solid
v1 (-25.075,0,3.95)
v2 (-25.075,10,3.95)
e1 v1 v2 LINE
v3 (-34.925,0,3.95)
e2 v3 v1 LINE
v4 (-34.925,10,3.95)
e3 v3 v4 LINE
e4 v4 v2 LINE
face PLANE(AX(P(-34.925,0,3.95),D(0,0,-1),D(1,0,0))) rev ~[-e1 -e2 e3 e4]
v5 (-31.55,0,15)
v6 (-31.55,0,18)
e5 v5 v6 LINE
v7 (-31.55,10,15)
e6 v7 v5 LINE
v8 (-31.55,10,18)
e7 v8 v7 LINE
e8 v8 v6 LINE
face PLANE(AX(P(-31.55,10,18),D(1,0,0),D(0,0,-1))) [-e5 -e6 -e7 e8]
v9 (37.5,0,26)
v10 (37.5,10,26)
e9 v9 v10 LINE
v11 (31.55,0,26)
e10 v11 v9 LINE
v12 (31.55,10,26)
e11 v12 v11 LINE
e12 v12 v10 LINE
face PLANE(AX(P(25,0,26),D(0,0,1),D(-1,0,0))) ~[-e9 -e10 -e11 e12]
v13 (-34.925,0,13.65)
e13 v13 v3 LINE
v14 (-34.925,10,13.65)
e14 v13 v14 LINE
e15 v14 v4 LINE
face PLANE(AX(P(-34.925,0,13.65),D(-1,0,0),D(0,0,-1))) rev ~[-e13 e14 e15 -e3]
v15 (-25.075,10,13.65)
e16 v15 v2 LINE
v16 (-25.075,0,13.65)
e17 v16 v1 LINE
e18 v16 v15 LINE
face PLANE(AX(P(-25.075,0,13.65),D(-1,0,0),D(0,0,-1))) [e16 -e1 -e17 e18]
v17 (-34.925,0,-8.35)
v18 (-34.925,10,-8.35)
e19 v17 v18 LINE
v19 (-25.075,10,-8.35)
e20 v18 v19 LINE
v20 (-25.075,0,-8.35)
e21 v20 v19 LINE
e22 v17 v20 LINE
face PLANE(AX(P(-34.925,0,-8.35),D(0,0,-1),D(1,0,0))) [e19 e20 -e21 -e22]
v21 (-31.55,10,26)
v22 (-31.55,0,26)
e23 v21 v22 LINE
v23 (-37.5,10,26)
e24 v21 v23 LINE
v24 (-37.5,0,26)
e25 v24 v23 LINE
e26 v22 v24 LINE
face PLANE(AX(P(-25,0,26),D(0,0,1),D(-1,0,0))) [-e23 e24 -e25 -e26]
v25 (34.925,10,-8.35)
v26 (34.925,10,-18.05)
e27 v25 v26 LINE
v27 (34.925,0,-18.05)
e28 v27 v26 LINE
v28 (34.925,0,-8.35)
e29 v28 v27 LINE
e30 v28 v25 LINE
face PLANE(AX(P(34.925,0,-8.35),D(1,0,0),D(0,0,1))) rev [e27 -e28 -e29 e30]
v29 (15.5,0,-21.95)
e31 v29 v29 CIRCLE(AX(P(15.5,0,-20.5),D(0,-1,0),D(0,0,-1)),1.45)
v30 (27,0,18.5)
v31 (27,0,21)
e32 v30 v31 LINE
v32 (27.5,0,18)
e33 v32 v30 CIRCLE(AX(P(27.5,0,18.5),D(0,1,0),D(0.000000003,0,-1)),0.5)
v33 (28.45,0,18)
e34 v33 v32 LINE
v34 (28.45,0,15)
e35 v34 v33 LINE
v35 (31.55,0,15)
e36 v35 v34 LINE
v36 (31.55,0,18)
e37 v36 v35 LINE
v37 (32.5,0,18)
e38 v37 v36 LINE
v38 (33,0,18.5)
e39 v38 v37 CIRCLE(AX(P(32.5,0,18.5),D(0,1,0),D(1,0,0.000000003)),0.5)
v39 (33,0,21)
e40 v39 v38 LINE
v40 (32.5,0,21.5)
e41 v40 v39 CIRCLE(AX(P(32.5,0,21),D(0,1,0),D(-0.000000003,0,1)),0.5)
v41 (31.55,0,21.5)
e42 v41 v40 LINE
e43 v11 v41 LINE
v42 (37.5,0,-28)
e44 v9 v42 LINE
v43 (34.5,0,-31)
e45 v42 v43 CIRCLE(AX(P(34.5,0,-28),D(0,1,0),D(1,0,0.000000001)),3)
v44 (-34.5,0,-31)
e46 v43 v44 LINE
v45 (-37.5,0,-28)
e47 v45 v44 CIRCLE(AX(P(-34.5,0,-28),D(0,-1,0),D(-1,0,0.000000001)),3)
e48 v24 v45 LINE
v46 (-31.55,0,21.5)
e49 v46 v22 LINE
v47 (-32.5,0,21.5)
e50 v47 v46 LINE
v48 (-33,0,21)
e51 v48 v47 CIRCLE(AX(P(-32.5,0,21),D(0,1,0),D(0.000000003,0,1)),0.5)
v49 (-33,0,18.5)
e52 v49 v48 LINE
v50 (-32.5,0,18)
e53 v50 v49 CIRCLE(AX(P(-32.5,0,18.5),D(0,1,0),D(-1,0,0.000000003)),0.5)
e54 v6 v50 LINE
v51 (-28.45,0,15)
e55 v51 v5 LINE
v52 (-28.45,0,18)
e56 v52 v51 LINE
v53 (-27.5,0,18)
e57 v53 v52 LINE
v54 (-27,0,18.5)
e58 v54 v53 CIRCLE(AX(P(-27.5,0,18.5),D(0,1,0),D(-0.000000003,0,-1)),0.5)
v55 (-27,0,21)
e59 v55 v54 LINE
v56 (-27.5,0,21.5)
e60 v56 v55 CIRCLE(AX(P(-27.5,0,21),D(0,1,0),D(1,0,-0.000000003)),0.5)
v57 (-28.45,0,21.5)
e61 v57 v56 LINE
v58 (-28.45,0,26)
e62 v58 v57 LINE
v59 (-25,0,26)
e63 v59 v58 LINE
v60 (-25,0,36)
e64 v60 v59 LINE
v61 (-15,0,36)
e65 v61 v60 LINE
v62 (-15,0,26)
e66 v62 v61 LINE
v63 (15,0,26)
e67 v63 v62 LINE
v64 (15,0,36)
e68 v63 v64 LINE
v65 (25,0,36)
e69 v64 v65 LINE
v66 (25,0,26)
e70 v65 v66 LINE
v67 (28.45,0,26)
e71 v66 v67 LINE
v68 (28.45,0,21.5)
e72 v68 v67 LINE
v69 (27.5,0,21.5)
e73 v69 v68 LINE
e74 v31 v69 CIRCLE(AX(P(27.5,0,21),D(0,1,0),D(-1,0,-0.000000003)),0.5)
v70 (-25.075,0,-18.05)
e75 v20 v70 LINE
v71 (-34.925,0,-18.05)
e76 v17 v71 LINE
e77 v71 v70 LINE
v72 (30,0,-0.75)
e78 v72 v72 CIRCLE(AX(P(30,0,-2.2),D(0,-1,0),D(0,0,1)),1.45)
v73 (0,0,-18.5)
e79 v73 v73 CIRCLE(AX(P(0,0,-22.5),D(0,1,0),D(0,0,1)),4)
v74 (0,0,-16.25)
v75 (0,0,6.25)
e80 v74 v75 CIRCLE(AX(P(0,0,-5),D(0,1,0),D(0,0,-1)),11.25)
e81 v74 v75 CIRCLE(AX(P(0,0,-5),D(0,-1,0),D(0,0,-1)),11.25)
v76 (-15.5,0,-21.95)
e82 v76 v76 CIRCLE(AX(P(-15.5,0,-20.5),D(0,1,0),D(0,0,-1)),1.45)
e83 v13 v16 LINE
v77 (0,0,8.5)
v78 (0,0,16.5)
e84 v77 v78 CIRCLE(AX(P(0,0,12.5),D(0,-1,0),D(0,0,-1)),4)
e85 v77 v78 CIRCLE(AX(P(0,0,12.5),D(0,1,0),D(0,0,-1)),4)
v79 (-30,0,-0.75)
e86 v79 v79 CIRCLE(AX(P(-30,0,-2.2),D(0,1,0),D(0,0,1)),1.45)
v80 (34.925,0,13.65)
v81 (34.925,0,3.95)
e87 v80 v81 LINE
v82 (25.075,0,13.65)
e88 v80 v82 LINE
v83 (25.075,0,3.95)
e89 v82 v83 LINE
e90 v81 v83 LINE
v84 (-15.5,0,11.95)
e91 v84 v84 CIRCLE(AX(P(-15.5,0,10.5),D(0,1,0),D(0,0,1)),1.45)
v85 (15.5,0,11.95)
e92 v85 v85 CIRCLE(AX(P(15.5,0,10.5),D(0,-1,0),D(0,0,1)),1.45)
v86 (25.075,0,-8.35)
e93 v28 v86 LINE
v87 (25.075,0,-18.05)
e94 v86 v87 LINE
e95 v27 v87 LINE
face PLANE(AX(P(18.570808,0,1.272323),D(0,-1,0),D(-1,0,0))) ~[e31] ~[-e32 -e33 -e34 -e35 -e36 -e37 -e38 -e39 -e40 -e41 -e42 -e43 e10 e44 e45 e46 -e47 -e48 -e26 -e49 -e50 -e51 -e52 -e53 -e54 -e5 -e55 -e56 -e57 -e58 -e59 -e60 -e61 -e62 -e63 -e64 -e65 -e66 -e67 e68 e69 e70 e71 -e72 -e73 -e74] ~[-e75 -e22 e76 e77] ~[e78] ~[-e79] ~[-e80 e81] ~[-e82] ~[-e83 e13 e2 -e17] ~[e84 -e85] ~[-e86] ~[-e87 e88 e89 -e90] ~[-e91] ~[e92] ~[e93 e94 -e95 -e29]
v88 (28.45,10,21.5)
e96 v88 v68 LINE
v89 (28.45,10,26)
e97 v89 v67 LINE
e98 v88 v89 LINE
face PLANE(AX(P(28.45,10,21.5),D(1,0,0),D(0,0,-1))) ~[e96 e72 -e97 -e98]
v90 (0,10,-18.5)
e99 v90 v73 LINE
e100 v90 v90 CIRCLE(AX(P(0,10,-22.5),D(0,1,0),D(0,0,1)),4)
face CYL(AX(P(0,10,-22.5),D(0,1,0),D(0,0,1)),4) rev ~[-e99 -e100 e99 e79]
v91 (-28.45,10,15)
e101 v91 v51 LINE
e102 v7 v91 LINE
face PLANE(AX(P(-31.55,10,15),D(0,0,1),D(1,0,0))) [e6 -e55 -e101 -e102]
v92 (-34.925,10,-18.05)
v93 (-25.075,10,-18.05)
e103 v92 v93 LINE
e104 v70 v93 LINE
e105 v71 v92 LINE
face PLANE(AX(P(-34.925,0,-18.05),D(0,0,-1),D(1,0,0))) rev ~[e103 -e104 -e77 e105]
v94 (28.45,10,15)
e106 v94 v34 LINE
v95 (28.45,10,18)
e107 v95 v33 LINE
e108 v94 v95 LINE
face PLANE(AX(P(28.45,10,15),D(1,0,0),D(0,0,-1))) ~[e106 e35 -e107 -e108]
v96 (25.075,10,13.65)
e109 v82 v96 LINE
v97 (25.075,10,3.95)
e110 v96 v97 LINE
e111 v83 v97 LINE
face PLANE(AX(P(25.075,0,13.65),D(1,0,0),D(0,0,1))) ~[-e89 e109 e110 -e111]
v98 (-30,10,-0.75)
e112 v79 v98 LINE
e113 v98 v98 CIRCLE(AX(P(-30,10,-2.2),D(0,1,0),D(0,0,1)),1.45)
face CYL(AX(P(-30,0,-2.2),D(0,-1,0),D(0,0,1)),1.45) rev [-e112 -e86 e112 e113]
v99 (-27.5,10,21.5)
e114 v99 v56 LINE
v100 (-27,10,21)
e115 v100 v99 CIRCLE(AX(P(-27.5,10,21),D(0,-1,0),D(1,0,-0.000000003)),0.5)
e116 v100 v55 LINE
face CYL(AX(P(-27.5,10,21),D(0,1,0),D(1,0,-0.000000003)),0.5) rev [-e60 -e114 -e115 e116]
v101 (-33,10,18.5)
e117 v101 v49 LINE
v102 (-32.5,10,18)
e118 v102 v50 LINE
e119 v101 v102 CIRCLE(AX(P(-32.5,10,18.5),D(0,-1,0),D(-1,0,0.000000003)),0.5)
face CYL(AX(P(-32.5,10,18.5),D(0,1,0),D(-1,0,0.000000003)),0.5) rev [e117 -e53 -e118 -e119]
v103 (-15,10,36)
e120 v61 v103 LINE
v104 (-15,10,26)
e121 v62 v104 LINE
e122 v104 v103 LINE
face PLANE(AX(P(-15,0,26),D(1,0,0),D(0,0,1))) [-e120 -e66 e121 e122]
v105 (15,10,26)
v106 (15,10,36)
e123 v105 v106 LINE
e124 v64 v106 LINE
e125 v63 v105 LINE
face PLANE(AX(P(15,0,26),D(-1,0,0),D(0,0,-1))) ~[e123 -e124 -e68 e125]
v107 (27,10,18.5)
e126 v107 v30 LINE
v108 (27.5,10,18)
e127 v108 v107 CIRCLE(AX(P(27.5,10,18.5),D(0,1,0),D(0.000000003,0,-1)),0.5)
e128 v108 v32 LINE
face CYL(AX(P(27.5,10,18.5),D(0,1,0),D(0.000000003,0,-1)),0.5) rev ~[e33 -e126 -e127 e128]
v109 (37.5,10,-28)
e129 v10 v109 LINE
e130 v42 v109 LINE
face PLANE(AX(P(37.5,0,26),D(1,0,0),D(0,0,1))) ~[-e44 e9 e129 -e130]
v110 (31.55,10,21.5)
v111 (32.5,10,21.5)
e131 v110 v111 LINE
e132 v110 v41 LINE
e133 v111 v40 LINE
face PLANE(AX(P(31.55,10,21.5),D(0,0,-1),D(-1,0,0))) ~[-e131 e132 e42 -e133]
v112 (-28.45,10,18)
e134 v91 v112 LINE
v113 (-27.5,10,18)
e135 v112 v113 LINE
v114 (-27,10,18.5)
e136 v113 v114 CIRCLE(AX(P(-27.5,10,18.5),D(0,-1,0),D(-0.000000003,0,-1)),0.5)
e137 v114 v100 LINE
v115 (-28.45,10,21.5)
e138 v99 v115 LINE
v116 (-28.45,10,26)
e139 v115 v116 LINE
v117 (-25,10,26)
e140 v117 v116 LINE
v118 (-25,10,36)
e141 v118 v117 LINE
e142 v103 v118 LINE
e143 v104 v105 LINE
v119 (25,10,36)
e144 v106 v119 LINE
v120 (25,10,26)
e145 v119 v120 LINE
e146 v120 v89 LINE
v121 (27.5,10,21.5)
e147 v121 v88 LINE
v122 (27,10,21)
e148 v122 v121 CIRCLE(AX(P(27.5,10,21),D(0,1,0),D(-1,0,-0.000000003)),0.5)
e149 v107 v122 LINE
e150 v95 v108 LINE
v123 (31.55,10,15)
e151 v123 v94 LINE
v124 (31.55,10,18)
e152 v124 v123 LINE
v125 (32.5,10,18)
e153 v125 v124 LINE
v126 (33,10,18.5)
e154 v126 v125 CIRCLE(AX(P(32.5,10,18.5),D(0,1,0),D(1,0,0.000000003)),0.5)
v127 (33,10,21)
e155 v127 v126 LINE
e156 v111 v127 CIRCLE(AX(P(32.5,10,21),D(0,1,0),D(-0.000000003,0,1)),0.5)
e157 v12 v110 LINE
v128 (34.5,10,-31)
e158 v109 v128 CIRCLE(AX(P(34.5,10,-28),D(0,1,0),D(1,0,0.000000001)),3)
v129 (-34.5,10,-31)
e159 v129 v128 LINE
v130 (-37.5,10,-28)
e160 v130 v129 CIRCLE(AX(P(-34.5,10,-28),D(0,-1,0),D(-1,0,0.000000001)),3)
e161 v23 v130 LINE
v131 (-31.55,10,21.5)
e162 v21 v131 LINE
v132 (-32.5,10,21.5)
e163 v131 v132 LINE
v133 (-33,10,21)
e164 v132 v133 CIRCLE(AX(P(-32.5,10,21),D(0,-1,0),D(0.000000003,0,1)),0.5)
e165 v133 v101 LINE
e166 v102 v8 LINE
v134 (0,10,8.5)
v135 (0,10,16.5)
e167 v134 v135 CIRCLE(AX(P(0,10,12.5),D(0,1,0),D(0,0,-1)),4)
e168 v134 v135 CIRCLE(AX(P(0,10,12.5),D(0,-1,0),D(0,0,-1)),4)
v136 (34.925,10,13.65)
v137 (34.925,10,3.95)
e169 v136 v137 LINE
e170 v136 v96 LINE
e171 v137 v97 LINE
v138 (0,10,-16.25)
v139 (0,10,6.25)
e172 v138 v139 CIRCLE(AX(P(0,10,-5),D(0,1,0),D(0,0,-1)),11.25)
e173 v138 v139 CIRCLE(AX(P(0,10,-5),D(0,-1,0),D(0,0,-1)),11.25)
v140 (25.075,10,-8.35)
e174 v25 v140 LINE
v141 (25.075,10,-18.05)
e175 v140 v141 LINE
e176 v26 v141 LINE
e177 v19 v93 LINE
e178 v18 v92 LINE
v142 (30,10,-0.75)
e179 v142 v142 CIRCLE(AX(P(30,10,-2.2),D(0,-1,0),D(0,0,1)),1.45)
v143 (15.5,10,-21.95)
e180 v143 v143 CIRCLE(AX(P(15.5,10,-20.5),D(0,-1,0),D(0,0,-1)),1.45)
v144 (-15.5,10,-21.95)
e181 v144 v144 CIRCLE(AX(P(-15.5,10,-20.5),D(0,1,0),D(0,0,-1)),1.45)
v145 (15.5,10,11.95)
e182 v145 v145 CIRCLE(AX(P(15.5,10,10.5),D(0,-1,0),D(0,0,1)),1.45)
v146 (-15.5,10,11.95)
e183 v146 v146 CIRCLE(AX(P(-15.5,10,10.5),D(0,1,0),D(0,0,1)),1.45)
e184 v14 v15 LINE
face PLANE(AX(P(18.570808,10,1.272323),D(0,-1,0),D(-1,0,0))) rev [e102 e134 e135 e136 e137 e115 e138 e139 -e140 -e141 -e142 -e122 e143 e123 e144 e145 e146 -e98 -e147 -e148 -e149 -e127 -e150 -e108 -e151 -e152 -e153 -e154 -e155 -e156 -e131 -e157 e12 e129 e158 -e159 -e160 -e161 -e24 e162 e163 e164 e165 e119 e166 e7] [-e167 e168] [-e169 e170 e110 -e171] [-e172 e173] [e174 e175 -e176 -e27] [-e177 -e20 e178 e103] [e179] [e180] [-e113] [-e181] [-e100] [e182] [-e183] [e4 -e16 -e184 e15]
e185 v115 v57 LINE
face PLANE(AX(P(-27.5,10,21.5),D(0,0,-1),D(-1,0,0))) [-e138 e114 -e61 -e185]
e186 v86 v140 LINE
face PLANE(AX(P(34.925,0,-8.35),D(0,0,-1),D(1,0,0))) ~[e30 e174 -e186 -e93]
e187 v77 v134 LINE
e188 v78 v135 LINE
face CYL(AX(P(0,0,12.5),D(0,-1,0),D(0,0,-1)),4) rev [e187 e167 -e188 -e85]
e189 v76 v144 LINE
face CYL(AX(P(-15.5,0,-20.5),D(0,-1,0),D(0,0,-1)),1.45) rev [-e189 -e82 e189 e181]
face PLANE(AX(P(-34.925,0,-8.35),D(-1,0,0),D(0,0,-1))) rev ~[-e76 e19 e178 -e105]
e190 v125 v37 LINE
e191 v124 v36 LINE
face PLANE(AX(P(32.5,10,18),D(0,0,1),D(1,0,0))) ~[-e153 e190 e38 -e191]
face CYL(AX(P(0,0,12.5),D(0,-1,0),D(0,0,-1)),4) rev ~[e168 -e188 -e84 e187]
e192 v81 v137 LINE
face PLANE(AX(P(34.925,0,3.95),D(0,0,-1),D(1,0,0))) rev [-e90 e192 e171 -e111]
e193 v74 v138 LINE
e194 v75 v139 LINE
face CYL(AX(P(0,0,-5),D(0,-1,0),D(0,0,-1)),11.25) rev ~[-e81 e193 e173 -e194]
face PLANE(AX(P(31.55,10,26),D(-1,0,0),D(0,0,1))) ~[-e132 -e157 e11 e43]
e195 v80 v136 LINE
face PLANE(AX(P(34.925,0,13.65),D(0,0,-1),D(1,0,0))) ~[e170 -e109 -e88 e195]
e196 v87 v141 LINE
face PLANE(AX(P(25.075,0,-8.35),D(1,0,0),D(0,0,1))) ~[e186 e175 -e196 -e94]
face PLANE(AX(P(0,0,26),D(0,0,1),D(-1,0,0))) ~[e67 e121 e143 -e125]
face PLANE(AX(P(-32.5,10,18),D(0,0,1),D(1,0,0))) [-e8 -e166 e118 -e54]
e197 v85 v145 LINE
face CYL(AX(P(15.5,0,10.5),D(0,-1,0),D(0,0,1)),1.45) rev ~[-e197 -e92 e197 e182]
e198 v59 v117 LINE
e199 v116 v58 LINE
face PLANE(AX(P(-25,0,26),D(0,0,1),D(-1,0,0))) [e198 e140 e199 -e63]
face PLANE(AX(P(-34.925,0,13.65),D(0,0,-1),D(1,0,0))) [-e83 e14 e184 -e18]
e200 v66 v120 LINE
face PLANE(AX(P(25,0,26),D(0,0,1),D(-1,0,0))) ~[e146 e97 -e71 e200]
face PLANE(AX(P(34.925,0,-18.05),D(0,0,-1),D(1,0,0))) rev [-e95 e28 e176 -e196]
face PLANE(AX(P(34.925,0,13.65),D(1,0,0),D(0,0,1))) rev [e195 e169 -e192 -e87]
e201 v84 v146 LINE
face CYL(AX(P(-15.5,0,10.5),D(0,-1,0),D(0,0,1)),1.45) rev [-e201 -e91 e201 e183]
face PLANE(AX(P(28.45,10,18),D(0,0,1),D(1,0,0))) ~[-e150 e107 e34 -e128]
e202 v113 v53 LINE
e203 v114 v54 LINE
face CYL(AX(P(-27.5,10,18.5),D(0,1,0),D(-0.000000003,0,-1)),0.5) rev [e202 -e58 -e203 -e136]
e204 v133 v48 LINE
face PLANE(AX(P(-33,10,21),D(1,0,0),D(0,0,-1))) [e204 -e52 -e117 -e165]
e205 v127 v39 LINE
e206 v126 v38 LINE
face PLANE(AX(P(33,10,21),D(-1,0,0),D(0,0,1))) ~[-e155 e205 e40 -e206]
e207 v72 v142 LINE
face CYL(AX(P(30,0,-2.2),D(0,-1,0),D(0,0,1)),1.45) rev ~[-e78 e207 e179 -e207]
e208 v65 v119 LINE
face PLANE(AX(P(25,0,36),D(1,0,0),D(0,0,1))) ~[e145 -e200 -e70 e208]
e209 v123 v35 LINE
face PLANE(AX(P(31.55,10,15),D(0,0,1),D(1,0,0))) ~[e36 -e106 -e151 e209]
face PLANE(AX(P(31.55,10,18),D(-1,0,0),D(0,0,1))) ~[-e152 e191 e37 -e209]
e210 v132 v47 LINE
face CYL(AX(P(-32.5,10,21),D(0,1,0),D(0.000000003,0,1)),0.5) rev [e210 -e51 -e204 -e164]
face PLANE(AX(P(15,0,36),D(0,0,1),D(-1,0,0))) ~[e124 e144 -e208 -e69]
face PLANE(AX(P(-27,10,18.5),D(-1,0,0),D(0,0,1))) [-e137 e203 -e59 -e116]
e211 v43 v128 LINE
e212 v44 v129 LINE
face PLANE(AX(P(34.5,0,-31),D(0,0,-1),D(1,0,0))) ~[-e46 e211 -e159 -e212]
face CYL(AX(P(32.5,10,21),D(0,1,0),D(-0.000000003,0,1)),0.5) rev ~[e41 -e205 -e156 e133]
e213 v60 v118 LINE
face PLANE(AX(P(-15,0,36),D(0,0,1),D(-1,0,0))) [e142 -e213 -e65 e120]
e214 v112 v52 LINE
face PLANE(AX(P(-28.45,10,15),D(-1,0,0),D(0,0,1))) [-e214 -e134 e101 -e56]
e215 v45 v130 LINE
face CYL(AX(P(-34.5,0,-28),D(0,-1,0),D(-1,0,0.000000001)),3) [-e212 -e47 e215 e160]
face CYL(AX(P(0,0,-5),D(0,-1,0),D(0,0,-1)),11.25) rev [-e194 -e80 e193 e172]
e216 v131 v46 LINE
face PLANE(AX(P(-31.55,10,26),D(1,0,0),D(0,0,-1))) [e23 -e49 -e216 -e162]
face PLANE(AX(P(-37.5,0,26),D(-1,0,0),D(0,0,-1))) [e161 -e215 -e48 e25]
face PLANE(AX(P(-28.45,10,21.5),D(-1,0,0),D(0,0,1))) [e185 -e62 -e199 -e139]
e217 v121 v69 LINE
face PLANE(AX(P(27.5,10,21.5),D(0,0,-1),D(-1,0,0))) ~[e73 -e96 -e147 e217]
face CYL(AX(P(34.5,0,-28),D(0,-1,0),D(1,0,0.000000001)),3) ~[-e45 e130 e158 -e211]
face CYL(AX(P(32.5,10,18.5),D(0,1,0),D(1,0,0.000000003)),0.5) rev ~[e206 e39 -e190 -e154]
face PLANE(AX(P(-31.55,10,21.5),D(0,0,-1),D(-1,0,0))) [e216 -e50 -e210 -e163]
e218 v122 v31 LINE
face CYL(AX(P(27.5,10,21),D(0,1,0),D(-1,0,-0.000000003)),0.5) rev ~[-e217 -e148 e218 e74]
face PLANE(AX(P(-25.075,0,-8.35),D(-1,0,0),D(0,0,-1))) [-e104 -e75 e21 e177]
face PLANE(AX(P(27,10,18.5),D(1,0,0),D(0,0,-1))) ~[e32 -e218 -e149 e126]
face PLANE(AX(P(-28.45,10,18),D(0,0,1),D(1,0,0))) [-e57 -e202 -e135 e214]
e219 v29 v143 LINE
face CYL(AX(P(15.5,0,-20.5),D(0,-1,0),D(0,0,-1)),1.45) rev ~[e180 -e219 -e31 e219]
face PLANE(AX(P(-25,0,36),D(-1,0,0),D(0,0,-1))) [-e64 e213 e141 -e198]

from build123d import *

# Parameters (mm, degrees)
SKETCH1_R          = 1.45
SKETCH1_W          = 9.85
SKETCH1_H          = 9.7
MAINLAYOUT_DEPTH   = 10
TSLOT_DEPTH        = 53.936282454
SKETCH3_R          = 4
CUT_EXTRUDE1_DEPTH = 53.936282454


with BuildPart() as part:
    # Sketch1 → MainLayout (new body)
    with BuildSketch(Plane(origin=(0, 0, 0), x_dir=(1, 0, 0), z_dir=(0, 1, 0))):
        with BuildLine():
            Line((-34.5, 31), (0, 31))
            Line((0, 31), (0, 16.25))
            ThreePointArc((0, 16.25), (-11.25, 5), (0, -6.25))
            Line((0, -6.25), (0, -8.5))
            ThreePointArc((0, -8.5), (-4, -12.5), (0, -16.5))
            Line((0, -16.5), (0, -26))
            Line((0, -26), (-15, -26))
            Line((-15, -26), (-15, -36))
            Line((-15, -36), (-25, -36))
            Line((-25, -36), (-25, -26))
            Line((-25, -26), (-37.5, -26))
            Line((-37.5, -26), (-37.5, 28))
            ThreePointArc((-37.5, 28), (-36.621320344, 30.121320344), (-34.5, 31))
        make_face()
        with Locations(Location((-15.5, 20.5, 0), (0, 0, 90))):
            Circle(SKETCH1_R, mode=Mode.SUBTRACT)
        with Locations(Location((-15.5, -10.5, 0), (0, 0, 270))):
            Circle(SKETCH1_R, mode=Mode.SUBTRACT)
        with Locations(Location((-30, 2.2, 0), (0, 0, 270))):
            Circle(SKETCH1_R, mode=Mode.SUBTRACT)
        with Locations((-30, 13.2)):
            Rectangle(SKETCH1_W, SKETCH1_H, mode=Mode.SUBTRACT)
        with Locations((-30, -8.8)):
            Rectangle(SKETCH1_W, SKETCH1_H, mode=Mode.SUBTRACT)
    mainlayout = extrude(amount=MAINLAYOUT_DEPTH)

    # Sketch2 → TSlot (cut, through all)
    with BuildSketch(Plane(origin=(0, 10, 0), x_dir=(1, 0, 0), z_dir=(0, 1, 0))):
        with BuildLine():
            Line((-28.45, -21.5), (-28.45, -26))
            Line((-28.45, -26), (-31.55, -26))
            Line((-31.55, -26), (-31.55, -21.5))
            Line((-31.55, -21.5), (-32.5, -21.5))
            ThreePointArc((-32.5, -21.5), (-32.853553391, -21.353553391), (-33, -21))
            Line((-33, -21), (-33, -18.5))
            ThreePointArc((-33, -18.5), (-32.853553391, -18.146446609), (-32.5, -18))
            Line((-32.5, -18), (-31.55, -18))
            Line((-31.55, -18), (-31.55, -15))
            Line((-31.55, -15), (-28.45, -15))
            Line((-28.45, -15), (-28.45, -18))
            Line((-28.45, -18), (-27.5, -18))
            ThreePointArc((-27.5, -18), (-27.146446609, -18.146446609), (-27, -18.5))
            Line((-27, -18.5), (-27, -21))
            ThreePointArc((-27, -21), (-27.146446609, -21.353553391), (-27.5, -21.5))
            Line((-27.5, -21.5), (-28.45, -21.5))
        make_face()
    tslot = extrude(amount=-TSLOT_DEPTH, mode=Mode.SUBTRACT)

    # Mirror1: MainLayout, TSlot across plane
    add(mainlayout.mirror(Plane(origin=(0, 0, 0), x_dir=(0, 0, 1), z_dir=(1, 0, 0))))
    add(tslot.mirror(Plane(origin=(0, 0, 0), x_dir=(0, 0, 1), z_dir=(1, 0, 0))), mode=Mode.SUBTRACT)

    # Sketch3 → Cut-Extrude1 (cut, through all)
    with BuildSketch(Plane(origin=(0, 10, 0), x_dir=(1, 0, 0), z_dir=(0, 1, 0))):
        with Locations(Location((0, 22.5, 0), (0, 0, 270))):
            Circle(SKETCH3_R)
    extrude(amount=-CUT_EXTRUDE1_DEPTH, mode=Mode.SUBTRACT)


solid = part.part
